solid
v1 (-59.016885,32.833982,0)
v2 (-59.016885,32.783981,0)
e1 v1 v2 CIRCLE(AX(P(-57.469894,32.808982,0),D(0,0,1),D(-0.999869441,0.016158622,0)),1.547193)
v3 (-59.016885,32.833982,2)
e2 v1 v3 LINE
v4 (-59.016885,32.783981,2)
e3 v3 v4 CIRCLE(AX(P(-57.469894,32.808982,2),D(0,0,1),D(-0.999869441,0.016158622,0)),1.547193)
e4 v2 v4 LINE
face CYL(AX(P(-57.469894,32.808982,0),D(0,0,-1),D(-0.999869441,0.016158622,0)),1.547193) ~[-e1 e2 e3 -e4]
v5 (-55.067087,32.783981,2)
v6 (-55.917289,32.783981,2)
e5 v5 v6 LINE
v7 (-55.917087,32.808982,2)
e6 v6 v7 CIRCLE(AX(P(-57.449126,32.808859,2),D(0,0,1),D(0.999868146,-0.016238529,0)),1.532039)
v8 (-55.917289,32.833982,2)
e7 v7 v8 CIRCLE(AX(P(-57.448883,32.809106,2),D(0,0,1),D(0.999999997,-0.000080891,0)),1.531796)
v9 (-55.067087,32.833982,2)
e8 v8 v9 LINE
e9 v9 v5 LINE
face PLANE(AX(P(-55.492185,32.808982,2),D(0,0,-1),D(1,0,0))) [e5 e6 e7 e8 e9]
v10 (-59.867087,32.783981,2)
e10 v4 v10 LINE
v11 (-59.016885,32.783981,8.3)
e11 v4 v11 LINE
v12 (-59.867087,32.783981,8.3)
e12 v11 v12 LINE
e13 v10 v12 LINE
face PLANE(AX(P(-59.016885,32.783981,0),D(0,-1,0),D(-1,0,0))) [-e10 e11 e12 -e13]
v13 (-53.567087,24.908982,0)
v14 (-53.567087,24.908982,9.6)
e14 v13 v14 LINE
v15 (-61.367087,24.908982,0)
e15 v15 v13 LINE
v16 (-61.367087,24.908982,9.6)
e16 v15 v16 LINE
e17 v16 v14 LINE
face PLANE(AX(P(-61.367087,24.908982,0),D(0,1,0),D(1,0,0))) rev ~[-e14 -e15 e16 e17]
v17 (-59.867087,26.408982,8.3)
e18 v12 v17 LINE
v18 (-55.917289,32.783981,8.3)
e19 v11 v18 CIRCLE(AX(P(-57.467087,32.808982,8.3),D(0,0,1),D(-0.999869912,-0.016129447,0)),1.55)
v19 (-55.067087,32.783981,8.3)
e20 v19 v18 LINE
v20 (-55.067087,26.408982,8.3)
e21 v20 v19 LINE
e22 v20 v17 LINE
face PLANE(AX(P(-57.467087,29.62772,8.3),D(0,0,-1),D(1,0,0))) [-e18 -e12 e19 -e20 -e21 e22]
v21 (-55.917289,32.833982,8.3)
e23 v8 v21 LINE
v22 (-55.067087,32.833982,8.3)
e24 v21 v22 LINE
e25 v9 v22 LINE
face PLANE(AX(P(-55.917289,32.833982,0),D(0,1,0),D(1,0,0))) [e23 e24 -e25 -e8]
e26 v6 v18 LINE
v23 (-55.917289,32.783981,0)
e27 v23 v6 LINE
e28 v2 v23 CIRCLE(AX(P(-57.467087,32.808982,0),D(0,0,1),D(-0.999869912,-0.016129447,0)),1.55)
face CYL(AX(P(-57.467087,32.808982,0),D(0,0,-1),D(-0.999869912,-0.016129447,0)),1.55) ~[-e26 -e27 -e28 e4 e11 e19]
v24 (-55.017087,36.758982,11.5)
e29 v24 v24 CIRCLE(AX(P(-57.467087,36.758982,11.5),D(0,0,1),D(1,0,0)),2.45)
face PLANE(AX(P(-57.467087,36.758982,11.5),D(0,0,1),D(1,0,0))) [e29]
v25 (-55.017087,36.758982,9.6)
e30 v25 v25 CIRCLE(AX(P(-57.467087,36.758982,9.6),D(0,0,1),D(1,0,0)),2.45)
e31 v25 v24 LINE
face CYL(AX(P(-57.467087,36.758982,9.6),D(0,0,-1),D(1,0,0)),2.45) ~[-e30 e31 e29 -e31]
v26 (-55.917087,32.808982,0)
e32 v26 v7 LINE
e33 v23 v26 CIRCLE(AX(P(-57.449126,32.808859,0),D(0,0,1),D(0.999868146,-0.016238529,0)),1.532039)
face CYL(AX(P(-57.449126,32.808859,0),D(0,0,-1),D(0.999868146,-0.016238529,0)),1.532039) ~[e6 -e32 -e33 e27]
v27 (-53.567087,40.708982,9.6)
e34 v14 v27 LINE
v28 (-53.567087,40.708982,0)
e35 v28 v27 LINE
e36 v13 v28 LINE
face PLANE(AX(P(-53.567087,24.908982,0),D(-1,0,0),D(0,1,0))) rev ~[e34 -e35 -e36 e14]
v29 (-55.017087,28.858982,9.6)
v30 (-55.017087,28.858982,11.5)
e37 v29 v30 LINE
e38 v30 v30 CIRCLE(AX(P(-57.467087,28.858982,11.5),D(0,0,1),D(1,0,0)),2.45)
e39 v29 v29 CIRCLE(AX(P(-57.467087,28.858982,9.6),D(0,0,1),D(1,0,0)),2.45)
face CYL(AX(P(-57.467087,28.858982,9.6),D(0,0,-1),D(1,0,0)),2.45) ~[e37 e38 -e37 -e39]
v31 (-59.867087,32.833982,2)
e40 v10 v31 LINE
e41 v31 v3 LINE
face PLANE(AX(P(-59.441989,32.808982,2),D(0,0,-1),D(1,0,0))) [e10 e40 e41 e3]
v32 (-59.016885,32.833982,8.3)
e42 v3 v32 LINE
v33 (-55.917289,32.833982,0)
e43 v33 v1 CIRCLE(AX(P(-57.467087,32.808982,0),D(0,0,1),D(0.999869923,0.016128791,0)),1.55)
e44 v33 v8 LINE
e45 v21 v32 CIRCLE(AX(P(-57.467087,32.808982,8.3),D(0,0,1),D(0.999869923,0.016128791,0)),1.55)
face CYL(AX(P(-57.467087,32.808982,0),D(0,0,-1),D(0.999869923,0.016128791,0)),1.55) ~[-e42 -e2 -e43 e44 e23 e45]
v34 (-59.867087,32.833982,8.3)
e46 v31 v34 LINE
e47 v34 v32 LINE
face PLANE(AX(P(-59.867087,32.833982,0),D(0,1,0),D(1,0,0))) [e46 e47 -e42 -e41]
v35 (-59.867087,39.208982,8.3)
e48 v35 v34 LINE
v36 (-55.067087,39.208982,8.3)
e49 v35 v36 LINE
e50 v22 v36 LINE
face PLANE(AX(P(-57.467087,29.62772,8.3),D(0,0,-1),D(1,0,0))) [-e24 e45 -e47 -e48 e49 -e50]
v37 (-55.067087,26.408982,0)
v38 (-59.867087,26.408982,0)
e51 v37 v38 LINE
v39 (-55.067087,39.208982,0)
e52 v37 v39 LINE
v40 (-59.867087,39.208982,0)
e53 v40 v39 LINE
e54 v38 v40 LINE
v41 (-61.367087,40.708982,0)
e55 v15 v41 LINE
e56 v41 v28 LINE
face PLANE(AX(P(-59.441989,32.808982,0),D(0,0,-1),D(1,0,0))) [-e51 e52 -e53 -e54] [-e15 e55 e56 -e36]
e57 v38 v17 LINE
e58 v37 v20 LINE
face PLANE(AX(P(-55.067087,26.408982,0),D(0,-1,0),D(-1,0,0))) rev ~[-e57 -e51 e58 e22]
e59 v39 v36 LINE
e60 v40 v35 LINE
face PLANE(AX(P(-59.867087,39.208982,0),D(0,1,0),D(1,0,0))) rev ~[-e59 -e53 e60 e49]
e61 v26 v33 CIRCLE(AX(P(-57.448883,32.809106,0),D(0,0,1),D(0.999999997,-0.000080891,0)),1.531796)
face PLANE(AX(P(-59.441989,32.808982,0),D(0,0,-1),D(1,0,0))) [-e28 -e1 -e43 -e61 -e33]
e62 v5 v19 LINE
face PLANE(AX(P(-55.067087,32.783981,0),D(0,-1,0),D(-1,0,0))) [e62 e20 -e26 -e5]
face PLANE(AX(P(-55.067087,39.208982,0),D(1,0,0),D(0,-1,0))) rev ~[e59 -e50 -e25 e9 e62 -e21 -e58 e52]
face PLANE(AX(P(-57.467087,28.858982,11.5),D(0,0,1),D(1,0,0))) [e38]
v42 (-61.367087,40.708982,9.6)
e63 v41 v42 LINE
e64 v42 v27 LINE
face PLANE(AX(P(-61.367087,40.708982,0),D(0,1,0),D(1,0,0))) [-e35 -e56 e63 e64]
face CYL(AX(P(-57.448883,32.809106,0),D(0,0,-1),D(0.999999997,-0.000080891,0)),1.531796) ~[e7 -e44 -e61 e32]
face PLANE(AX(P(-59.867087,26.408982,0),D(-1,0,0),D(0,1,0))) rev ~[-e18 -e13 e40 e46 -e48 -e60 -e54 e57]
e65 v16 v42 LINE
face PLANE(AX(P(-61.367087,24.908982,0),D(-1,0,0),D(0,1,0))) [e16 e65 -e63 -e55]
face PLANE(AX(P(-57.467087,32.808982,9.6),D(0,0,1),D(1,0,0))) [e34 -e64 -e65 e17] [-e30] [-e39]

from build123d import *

# Parameters (mm, degrees)
F0_W      = 7.8
F0_H      = 15.8
F2_DEPTH  = 9.6
F3_R      = 2.45
F4_DEPTH  = 1.9
F6_DEPTH  = 8.3
F7_DEPTH  = 8.3
F8_DEPTH  = 8.3
F9_DEPTH  = 8.3
F10_DEPTH = 2
F11_DEPTH = 2


with BuildPart() as f2:
    # F0 (on Top) → F2 (new body)
    with BuildSketch(Plane.XY):
        with Locations((-57.467087, 32.808982)):
            Rectangle(F0_W, F0_H)
    extrude(amount=F2_DEPTH)

    # F3 (on face) → F4 (join)
    with BuildSketch(Plane.XY.offset(9.6)):
        with Locations((-57.467087, 36.758982)):
            Circle(F3_R)
        with Locations((-57.467087, 28.858982)):
            Circle(F3_R)
    extrude(amount=F4_DEPTH)

    # F5 (on face) → F6 (cut)
    with BuildSketch(Plane(origin=(0, 0, 0), x_dir=(1, 0, 0), z_dir=(0, 0, -1))):
        with BuildLine():
            Line((-55.067087, -26.408982), (-59.867087, -26.408982))
            Line((-59.867087, -26.408982), (-59.867087, -32.783981))
            Line((-59.867087, -32.783981), (-59.016885, -32.783981))
            ThreePointArc((-59.016885, -32.783981), (-57.467087, -31.258982), (-55.917289, -32.783981))
            Line((-55.917289, -32.783981), (-55.067087, -32.783981))
            Line((-55.067087, -32.783981), (-55.067087, -26.408982))
        make_face()
    extrude(amount=-F6_DEPTH, mode=Mode.SUBTRACT)

    # F5 (on face) → F7 (cut)
    with BuildSketch(Plane(origin=(0, 0, 0), x_dir=(1, 0, 0), z_dir=(0, 0, -1))):
        with BuildLine():
            Line((-55.067087, -26.408982), (-59.867087, -26.408982))
            Line((-59.867087, -26.408982), (-59.867087, -32.783981))
            Line((-59.867087, -32.783981), (-59.016885, -32.783981))
            ThreePointArc((-59.016885, -32.783981), (-57.467087, -31.258982), (-55.917289, -32.783981))
            Line((-55.917289, -32.783981), (-55.067087, -32.783981))
            Line((-55.067087, -32.783981), (-55.067087, -26.408982))
        make_face()
        with BuildLine():
            Line((-59.016885, -32.783981), (-59.867087, -32.783981))
            Line((-59.867087, -32.783981), (-59.867087, -32.833982))
            Line((-59.867087, -32.833982), (-59.016885, -32.833982))
            ThreePointArc((-59.016885, -32.833982), (-59.017087, -32.808982), (-59.016885, -32.783981))
        make_face()
        with BuildLine():
            Line((-55.067087, -32.833982), (-55.067087, -32.783981))
            Line((-55.067087, -32.783981), (-55.917289, -32.783981))
            ThreePointArc((-55.917289, -32.783981), (-55.917137, -32.796481), (-55.917087, -32.808982))
            ThreePointArc((-55.917087, -32.808982), (-55.917137, -32.821483), (-55.917289, -32.833982))
            Line((-55.917289, -32.833982), (-55.067087, -32.833982))
        make_face()
        with BuildLine():
            Line((-59.016885, -32.833982), (-59.867087, -32.833982))
            Line((-59.867087, -32.833982), (-59.867087, -39.208982))
            Line((-59.867087, -39.208982), (-55.067087, -39.208982))
            Line((-55.067087, -39.208982), (-55.067087, -32.833982))
            Line((-55.067087, -32.833982), (-55.917289, -32.833982))
            ThreePointArc((-55.917289, -32.833982), (-57.467087, -34.358982), (-59.016885, -32.833982))
        make_face()
    extrude(amount=-F7_DEPTH, mode=Mode.SUBTRACT)

    # F5 (on face) → F8 (join)
    with BuildSketch(Plane(origin=(0, 0, 0), x_dir=(1, 0, 0), z_dir=(0, 0, -1))):
        with BuildLine():
            Line((-55.067087, -32.833982), (-55.067087, -32.783981))
            Line((-55.067087, -32.783981), (-55.917289, -32.783981))
            ThreePointArc((-55.917289, -32.783981), (-55.917137, -32.796481), (-55.917087, -32.808982))
            ThreePointArc((-55.917087, -32.808982), (-55.917137, -32.821483), (-55.917289, -32.833982))
            Line((-55.917289, -32.833982), (-55.067087, -32.833982))
        make_face()
    extrude(amount=-F8_DEPTH)

    # F5 (on face) → F9 (join)
    with BuildSketch(Plane(origin=(0, 0, 0), x_dir=(1, 0, 0), z_dir=(0, 0, -1))):
        with BuildLine():
            Line((-59.016885, -32.783981), (-59.867087, -32.783981))
            Line((-59.867087, -32.783981), (-59.867087, -32.833982))
            Line((-59.867087, -32.833982), (-59.016885, -32.833982))
            ThreePointArc((-59.016885, -32.833982), (-59.017087, -32.808982), (-59.016885, -32.783981))
        make_face()
    extrude(amount=-F9_DEPTH)

    # F5 (on face) → F10 (cut)
    with BuildSketch(Plane(origin=(0, 0, 0), x_dir=(1, 0, 0), z_dir=(0, 0, -1))):
        with BuildLine():
            Line((-59.016885, -32.783981), (-59.867087, -32.783981))
            Line((-59.867087, -32.783981), (-59.867087, -32.833982))
            Line((-59.867087, -32.833982), (-59.016885, -32.833982))
            ThreePointArc((-59.016885, -32.833982), (-59.017087, -32.808982), (-59.016885, -32.783981))
        make_face()
    extrude(amount=-F10_DEPTH, mode=Mode.SUBTRACT)

    # F5 (on face) → F11 (cut)
    with BuildSketch(Plane(origin=(0, 0, 0), x_dir=(1, 0, 0), z_dir=(0, 0, -1))):
        with BuildLine():
            Line((-55.067087, -32.833982), (-55.067087, -32.783981))
            Line((-55.067087, -32.783981), (-55.917289, -32.783981))
            ThreePointArc((-55.917289, -32.783981), (-55.917137, -32.796481), (-55.917087, -32.808982))
            ThreePointArc((-55.917087, -32.808982), (-55.917137, -32.821483), (-55.917289, -32.833982))
            Line((-55.917289, -32.833982), (-55.067087, -32.833982))
        make_face()
    extrude(amount=-F11_DEPTH, mode=Mode.SUBTRACT)


solid = f2.part
